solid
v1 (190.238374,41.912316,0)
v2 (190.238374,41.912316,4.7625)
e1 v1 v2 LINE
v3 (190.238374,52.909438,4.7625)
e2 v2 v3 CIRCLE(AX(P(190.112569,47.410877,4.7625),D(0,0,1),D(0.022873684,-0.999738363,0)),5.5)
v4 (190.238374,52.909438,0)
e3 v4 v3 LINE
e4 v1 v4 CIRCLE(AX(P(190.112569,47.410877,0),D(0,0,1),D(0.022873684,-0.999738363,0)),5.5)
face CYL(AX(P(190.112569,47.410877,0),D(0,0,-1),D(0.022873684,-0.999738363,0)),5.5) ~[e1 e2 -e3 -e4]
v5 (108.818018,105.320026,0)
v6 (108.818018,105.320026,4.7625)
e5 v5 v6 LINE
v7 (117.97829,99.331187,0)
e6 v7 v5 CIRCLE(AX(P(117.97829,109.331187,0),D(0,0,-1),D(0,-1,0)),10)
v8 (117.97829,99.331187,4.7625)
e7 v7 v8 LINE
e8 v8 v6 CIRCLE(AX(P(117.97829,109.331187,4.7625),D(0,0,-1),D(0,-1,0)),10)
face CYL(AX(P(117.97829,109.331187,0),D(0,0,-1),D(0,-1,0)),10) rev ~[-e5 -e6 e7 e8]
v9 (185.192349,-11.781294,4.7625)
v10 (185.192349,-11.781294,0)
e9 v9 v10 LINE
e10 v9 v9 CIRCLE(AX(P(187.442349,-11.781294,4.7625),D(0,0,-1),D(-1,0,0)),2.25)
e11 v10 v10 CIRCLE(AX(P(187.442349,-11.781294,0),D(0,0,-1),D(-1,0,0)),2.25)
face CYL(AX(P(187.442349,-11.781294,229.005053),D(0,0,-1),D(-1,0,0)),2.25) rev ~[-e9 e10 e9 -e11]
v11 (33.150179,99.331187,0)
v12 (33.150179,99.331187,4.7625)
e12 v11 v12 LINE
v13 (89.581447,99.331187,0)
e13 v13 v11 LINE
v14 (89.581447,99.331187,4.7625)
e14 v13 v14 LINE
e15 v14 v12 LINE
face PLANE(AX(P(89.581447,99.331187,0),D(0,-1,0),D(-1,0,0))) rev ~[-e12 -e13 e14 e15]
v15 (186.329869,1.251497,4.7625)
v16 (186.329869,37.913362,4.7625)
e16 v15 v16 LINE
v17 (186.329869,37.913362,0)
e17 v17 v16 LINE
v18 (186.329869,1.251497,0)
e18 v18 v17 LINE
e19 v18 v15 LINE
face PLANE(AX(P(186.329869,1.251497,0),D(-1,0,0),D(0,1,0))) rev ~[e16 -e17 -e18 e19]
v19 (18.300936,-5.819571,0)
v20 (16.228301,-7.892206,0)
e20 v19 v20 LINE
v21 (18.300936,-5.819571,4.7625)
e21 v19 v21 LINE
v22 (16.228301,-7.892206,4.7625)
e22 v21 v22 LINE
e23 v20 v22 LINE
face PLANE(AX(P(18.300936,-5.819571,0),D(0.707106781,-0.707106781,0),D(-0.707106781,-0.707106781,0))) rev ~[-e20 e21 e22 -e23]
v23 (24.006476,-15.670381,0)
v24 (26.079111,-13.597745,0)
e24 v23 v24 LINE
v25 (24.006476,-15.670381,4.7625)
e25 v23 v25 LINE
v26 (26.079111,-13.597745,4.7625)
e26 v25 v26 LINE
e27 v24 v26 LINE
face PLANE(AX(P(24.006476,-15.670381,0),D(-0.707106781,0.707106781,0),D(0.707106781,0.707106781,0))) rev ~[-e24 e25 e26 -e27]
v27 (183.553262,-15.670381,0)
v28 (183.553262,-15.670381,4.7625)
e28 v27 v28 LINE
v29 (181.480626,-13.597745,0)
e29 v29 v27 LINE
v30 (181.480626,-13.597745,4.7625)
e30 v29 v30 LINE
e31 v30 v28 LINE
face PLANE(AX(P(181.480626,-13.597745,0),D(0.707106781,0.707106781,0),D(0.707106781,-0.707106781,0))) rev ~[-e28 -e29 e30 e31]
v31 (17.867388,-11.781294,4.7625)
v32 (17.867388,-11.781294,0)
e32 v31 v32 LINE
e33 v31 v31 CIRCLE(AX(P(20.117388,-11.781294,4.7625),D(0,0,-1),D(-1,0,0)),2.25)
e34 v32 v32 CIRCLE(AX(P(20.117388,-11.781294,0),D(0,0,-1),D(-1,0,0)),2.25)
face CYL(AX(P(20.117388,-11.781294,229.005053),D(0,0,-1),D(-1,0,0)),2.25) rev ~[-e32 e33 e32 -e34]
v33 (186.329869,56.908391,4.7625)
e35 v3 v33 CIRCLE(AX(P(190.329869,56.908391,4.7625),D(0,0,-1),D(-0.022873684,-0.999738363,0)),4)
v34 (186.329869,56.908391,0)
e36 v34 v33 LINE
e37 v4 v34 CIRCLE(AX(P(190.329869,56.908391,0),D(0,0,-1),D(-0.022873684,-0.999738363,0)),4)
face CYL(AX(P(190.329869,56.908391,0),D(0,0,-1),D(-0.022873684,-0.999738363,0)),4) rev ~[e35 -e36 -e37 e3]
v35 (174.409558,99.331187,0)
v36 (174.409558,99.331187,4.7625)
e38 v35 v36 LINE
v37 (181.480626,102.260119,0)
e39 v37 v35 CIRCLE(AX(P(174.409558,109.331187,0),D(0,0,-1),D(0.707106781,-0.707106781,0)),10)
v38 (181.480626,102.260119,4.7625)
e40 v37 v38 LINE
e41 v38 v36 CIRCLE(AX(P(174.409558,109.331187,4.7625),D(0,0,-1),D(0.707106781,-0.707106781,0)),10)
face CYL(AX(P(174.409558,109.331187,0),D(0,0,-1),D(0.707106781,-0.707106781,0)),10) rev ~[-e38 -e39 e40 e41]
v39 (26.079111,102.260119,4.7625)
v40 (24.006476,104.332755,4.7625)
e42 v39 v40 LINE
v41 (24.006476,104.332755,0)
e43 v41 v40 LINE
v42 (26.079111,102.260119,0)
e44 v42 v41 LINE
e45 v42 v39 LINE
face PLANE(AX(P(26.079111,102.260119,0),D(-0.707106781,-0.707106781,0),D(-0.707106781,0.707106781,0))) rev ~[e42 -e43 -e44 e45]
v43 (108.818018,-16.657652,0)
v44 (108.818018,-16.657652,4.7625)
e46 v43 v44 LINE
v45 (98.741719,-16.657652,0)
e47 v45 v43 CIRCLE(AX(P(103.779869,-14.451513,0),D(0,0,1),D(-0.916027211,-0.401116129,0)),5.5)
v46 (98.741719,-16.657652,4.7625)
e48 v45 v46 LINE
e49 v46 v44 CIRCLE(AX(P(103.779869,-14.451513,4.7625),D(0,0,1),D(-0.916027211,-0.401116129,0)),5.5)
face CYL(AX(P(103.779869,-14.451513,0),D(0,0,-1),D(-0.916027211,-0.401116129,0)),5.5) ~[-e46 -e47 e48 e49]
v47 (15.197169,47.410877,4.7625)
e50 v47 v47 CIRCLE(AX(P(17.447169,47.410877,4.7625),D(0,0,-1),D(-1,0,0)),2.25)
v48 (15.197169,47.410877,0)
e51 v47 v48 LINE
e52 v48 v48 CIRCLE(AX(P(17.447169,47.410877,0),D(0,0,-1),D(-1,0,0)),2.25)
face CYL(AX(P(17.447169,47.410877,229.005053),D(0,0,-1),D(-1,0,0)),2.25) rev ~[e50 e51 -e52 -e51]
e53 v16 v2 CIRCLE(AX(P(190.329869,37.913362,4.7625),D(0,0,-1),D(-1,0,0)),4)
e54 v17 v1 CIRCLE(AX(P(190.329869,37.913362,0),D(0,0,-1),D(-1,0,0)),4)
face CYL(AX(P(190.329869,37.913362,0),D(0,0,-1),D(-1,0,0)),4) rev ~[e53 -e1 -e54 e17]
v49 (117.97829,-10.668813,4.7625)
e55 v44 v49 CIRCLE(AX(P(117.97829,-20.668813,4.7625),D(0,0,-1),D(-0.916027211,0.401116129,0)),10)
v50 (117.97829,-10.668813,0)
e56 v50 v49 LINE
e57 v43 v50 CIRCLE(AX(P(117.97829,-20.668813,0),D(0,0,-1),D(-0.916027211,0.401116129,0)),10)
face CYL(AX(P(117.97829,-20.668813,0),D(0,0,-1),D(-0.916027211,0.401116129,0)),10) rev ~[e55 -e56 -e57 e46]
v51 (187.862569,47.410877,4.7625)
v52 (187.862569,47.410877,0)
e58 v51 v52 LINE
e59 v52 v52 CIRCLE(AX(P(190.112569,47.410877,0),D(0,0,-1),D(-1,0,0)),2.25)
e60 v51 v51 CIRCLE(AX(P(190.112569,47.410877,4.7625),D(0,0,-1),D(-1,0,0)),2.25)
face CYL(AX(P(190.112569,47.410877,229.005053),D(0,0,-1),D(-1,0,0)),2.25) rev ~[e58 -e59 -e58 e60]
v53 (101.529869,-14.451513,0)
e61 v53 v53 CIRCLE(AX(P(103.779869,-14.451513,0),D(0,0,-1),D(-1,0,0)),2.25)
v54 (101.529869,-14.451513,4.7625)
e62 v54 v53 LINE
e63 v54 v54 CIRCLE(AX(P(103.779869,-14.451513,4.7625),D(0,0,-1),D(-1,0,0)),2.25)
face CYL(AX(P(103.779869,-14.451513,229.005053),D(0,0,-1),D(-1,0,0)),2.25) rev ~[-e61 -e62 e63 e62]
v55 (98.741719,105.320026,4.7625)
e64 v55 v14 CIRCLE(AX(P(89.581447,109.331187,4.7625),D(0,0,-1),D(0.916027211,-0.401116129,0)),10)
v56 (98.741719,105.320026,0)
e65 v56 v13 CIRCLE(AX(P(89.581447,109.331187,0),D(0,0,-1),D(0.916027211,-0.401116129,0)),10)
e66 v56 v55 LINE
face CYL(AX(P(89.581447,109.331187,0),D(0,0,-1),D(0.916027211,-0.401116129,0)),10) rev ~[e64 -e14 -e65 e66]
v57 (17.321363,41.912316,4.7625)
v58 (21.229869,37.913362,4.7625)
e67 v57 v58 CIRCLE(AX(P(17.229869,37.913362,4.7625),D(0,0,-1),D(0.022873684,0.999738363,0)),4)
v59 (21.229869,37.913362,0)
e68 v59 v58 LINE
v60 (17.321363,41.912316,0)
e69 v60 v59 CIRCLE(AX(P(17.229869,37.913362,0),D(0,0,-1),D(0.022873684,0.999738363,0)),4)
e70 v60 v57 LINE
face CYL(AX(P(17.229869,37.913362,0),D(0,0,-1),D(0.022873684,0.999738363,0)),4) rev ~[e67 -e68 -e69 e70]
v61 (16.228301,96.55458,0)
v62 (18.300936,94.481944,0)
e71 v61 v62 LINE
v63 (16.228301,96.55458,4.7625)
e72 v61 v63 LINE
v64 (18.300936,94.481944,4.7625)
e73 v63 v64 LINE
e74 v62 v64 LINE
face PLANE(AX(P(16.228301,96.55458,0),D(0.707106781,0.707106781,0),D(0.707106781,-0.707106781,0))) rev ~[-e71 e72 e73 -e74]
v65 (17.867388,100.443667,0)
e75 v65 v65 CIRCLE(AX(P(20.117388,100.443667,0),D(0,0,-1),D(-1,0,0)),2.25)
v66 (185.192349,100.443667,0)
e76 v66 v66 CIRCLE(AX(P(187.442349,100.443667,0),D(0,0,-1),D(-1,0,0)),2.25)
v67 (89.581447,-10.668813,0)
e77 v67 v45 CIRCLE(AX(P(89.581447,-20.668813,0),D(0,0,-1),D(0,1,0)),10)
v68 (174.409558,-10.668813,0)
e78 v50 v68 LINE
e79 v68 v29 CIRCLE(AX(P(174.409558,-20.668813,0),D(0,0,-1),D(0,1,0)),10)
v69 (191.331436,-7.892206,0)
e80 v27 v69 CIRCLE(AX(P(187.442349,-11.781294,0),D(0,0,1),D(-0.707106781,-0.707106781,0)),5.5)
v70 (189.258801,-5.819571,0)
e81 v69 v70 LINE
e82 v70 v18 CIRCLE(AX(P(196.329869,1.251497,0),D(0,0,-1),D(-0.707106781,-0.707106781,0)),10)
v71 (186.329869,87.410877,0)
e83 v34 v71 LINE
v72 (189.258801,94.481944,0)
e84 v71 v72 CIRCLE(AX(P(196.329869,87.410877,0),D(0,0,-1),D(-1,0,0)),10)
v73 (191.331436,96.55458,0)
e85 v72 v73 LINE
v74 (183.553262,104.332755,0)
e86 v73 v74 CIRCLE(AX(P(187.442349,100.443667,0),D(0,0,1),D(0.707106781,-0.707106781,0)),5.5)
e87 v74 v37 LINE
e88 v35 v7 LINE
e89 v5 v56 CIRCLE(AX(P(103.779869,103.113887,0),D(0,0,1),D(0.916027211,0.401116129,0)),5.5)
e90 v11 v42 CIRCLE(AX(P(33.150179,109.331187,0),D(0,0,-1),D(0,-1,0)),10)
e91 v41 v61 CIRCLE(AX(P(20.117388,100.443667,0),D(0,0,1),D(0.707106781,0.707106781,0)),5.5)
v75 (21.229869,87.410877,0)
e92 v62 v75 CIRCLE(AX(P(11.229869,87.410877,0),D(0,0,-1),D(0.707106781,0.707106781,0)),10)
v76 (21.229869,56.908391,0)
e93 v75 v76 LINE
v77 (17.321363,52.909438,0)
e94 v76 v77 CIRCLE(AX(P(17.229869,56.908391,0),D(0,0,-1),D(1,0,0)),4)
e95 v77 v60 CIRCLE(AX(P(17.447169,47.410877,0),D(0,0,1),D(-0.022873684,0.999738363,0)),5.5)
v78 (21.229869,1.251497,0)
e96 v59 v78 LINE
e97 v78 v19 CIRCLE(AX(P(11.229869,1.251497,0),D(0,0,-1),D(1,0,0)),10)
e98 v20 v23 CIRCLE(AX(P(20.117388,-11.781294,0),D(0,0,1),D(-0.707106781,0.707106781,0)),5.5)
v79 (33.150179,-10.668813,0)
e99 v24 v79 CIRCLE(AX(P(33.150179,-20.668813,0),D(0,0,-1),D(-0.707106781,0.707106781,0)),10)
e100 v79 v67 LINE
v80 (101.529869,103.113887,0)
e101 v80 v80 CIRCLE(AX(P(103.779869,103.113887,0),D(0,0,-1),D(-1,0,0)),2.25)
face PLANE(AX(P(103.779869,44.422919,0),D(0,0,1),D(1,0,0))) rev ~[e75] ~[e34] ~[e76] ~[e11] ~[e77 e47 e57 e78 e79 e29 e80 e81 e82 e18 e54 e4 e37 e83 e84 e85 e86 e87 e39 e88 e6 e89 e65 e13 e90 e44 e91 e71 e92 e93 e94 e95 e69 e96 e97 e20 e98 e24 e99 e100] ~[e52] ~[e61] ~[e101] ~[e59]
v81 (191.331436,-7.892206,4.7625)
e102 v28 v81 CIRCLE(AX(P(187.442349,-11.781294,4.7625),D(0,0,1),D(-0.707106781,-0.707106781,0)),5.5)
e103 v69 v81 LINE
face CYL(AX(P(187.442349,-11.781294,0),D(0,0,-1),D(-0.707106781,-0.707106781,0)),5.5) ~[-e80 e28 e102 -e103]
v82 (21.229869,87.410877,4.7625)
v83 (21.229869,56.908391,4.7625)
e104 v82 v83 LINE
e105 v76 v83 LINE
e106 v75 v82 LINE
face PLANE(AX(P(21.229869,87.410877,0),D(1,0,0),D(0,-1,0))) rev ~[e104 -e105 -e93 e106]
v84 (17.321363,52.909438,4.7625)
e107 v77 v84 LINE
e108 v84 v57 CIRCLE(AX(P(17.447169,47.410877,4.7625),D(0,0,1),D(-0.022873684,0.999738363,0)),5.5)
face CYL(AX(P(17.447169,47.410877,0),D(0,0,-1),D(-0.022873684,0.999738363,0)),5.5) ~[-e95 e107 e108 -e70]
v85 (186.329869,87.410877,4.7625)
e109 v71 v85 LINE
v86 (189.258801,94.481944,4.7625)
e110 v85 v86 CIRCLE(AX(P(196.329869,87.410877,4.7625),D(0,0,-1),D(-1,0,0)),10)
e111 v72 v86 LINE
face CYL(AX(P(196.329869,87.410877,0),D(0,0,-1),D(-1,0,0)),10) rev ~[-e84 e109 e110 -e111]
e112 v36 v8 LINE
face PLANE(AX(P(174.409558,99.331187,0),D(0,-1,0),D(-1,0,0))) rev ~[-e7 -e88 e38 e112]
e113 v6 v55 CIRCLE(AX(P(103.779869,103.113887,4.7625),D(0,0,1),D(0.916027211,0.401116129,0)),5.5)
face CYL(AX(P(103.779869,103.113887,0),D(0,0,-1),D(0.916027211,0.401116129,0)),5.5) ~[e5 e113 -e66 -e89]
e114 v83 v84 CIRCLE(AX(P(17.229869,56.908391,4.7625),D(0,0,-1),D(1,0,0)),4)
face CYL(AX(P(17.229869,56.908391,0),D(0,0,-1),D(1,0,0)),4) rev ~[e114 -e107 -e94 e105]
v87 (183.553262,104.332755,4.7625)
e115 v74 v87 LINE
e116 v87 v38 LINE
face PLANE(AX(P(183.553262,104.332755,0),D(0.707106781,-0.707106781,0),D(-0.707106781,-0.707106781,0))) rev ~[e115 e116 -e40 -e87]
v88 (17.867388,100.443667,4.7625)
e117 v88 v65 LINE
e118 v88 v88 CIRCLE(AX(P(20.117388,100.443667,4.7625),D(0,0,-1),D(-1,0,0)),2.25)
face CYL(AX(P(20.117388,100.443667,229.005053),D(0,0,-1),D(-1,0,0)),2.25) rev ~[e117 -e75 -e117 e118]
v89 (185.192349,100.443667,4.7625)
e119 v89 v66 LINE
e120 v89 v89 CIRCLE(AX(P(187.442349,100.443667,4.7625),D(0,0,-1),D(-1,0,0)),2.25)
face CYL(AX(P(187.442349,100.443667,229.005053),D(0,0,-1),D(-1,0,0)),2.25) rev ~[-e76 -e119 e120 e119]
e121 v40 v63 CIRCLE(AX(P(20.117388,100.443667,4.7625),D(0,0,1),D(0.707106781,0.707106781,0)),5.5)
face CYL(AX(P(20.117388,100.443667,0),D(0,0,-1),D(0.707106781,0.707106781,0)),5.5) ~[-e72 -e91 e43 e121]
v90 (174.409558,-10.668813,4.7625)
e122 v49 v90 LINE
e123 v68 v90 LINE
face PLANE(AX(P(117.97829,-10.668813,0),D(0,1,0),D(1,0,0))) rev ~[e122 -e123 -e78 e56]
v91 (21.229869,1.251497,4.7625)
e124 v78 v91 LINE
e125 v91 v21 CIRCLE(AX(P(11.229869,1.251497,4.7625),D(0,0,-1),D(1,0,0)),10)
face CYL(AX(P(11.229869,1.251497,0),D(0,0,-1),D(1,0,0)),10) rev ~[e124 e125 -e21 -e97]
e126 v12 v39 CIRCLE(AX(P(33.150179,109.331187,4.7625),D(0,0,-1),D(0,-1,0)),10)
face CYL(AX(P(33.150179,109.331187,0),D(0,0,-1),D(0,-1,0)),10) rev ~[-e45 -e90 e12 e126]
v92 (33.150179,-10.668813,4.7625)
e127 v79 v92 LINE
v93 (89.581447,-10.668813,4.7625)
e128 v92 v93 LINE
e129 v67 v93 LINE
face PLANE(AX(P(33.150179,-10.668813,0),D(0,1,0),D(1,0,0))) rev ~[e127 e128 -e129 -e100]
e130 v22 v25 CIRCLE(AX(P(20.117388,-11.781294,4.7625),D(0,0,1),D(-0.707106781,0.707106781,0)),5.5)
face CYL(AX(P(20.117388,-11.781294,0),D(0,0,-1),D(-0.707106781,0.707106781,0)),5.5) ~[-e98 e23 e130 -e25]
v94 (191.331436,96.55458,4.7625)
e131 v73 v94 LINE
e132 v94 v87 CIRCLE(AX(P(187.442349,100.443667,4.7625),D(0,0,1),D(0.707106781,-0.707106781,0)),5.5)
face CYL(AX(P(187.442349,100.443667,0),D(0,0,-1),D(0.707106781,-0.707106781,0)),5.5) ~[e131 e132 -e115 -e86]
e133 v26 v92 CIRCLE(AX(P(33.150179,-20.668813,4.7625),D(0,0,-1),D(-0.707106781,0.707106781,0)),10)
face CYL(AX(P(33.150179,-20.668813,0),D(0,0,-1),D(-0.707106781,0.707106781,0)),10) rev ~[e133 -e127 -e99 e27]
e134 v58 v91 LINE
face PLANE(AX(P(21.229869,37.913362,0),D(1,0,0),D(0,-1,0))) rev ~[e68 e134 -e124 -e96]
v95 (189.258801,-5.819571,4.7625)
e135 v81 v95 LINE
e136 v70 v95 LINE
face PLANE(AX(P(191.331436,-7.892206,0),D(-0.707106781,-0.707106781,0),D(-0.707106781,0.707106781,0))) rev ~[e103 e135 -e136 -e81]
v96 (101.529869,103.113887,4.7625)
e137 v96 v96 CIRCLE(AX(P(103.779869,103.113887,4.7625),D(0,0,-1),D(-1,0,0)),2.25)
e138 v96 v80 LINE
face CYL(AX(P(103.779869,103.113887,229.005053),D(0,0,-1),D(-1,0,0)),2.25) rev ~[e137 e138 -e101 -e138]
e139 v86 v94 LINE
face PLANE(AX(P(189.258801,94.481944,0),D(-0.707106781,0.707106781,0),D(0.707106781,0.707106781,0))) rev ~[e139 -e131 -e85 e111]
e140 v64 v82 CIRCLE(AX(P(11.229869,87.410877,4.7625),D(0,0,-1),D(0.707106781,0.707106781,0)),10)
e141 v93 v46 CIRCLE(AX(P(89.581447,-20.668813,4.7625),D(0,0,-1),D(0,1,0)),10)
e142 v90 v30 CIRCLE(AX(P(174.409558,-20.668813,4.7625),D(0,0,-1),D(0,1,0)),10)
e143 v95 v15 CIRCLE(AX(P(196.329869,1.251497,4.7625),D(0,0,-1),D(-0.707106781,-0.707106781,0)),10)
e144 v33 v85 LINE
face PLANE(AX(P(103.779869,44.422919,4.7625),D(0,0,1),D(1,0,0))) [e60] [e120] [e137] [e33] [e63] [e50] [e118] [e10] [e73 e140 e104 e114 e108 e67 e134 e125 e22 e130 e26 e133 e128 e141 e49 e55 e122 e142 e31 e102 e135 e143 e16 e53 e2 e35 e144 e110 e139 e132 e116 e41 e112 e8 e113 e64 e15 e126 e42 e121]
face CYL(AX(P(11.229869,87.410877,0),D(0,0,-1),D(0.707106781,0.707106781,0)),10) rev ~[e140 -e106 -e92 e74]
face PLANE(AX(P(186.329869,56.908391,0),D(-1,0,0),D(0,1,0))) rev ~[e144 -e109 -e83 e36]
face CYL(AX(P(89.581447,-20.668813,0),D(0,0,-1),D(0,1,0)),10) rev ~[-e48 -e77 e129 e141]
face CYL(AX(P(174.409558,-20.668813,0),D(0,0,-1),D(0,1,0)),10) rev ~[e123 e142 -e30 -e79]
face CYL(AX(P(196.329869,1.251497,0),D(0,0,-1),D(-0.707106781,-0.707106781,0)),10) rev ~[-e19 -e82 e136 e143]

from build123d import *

# Parameters (mm, degrees)
BOSS_EXTRUDE1_DEPTH  = 4.7625
M4_CLEARANCE_HOLE1_D = 4.5


with BuildPart() as part:
    # Sketch2 → Boss-Extrude1 (new body)
    with BuildSketch(Plane.XY):
        with BuildLine():
            Line((183.553261784, 104.332754576), (181.480626284, 102.260119075))
            ThreePointArc((181.480626284, 102.260119075), (178.236392795, 100.092391562), (174.409558472, 99.331186887))
            Line((174.409558472, 99.331186887), (117.978290457, 99.331186887))
            ThreePointArc((117.978290457, 99.331186887), (112.506161662, 100.961252213), (108.818018348, 105.320025597))
            ThreePointArc((108.818018348, 105.320025597), (103.779868689, 108.613886887), (98.741719029, 105.320025597))
            ThreePointArc((98.741719029, 105.320025597), (95.053575715, 100.961252213), (89.58144692, 99.331186887))
            Line((89.58144692, 99.331186887), (33.150178905, 99.331186887))
            ThreePointArc((33.150178905, 99.331186887), (29.323344582, 100.092391562), (26.079111093, 102.260119075))
            Line((26.079111093, 102.260119075), (24.006475593, 104.332754576))
            ThreePointArc((24.006475593, 104.332754576), (16.228301, 104.332754576), (16.228301, 96.554579982))
            Line((16.228301, 96.554579982), (18.3009365, 94.481944482))
            ThreePointArc((18.3009365, 94.481944482), (20.468664014, 91.237710994), (21.229868689, 87.41087667))
            Line((21.229868689, 87.41087667), (21.229868689, 56.908391119))
            ThreePointArc((21.229868689, 56.908391119), (20.090461192, 54.112499396), (17.321363425, 52.909437667))
            ThreePointArc((17.321363425, 52.909437667), (11.947168689, 47.41087667), (17.321363425, 41.912315673))
            ThreePointArc((17.321363425, 41.912315673), (20.090461192, 40.709253944), (21.229868689, 37.913362221))
            Line((21.229868689, 37.913362221), (21.229868689, 1.251497104))
            ThreePointArc((21.229868689, 1.251497104), (20.468664014, -2.57533722), (18.3009365, -5.819570708))
            Line((18.3009365, -5.819570708), (16.228301, -7.892206209))
            ThreePointArc((16.228301, -7.892206209), (16.228301, -15.670380802), (24.006475593, -15.670380802))
            Line((24.006475593, -15.670380802), (26.079111093, -13.597745301))
            ThreePointArc((26.079111093, -13.597745301), (29.323344582, -11.430017788), (33.150178905, -10.668813113))
            Line((33.150178905, -10.668813113), (89.58144692, -10.668813113))
            ThreePointArc((89.58144692, -10.668813113), (95.053575715, -12.298878439), (98.741719029, -16.657651823))
            ThreePointArc((98.741719029, -16.657651823), (103.779868689, -19.951513113), (108.818018348, -16.657651823))
            ThreePointArc((108.818018348, -16.657651823), (112.506161662, -12.298878439), (117.978290457, -10.668813113))
            Line((117.978290457, -10.668813113), (174.409558472, -10.668813113))
            ThreePointArc((174.409558472, -10.668813113), (178.236392795, -11.430017788), (181.480626284, -13.597745301))
            Line((181.480626284, -13.597745301), (183.553261784, -15.670380802))
            ThreePointArc((183.553261784, -15.670380802), (191.331436377, -15.670380802), (191.331436377, -7.892206209))
            Line((191.331436377, -7.892206209), (189.258800877, -5.819570708))
            ThreePointArc((189.258800877, -5.819570708), (187.091073363, -2.57533722), (186.329868689, 1.251497104))
            Line((186.329868689, 1.251497104), (186.329868689, 37.913362221))
            ThreePointArc((186.329868689, 37.913362221), (187.469276185, 40.709253944), (190.238373952, 41.912315673))
            ThreePointArc((190.238373952, 41.912315673), (195.612568689, 47.41087667), (190.238373952, 52.909437667))
            ThreePointArc((190.238373952, 52.909437667), (187.469276185, 54.112499396), (186.329868689, 56.908391119))
            Line((186.329868689, 56.908391119), (186.329868689, 87.41087667))
            ThreePointArc((186.329868689, 87.41087667), (187.091073363, 91.237710994), (189.258800877, 94.481944482))
            Line((189.258800877, 94.481944482), (191.331436377, 96.554579982))
            ThreePointArc((191.331436377, 96.554579982), (191.331436377, 104.332754576), (183.553261784, 104.332754576))
        make_face()
    extrude(amount=BOSS_EXTRUDE1_DEPTH)

    # M4 Clearance Hole1 (through all)
    with Locations(Plane.XY.offset(4.7625)):
        with Locations((17.447168689, 47.41087667), (20.117388296, 100.443667279), (103.779868689, 103.113886887), (187.442349081, 100.443667279), (190.112568689, 47.41087667), (187.442349081, -11.781293505), (103.779868689, -14.451513113), (20.117388296, -11.781293505)):
            Hole(M4_CLEARANCE_HOLE1_D / 2)


solid = part.part
